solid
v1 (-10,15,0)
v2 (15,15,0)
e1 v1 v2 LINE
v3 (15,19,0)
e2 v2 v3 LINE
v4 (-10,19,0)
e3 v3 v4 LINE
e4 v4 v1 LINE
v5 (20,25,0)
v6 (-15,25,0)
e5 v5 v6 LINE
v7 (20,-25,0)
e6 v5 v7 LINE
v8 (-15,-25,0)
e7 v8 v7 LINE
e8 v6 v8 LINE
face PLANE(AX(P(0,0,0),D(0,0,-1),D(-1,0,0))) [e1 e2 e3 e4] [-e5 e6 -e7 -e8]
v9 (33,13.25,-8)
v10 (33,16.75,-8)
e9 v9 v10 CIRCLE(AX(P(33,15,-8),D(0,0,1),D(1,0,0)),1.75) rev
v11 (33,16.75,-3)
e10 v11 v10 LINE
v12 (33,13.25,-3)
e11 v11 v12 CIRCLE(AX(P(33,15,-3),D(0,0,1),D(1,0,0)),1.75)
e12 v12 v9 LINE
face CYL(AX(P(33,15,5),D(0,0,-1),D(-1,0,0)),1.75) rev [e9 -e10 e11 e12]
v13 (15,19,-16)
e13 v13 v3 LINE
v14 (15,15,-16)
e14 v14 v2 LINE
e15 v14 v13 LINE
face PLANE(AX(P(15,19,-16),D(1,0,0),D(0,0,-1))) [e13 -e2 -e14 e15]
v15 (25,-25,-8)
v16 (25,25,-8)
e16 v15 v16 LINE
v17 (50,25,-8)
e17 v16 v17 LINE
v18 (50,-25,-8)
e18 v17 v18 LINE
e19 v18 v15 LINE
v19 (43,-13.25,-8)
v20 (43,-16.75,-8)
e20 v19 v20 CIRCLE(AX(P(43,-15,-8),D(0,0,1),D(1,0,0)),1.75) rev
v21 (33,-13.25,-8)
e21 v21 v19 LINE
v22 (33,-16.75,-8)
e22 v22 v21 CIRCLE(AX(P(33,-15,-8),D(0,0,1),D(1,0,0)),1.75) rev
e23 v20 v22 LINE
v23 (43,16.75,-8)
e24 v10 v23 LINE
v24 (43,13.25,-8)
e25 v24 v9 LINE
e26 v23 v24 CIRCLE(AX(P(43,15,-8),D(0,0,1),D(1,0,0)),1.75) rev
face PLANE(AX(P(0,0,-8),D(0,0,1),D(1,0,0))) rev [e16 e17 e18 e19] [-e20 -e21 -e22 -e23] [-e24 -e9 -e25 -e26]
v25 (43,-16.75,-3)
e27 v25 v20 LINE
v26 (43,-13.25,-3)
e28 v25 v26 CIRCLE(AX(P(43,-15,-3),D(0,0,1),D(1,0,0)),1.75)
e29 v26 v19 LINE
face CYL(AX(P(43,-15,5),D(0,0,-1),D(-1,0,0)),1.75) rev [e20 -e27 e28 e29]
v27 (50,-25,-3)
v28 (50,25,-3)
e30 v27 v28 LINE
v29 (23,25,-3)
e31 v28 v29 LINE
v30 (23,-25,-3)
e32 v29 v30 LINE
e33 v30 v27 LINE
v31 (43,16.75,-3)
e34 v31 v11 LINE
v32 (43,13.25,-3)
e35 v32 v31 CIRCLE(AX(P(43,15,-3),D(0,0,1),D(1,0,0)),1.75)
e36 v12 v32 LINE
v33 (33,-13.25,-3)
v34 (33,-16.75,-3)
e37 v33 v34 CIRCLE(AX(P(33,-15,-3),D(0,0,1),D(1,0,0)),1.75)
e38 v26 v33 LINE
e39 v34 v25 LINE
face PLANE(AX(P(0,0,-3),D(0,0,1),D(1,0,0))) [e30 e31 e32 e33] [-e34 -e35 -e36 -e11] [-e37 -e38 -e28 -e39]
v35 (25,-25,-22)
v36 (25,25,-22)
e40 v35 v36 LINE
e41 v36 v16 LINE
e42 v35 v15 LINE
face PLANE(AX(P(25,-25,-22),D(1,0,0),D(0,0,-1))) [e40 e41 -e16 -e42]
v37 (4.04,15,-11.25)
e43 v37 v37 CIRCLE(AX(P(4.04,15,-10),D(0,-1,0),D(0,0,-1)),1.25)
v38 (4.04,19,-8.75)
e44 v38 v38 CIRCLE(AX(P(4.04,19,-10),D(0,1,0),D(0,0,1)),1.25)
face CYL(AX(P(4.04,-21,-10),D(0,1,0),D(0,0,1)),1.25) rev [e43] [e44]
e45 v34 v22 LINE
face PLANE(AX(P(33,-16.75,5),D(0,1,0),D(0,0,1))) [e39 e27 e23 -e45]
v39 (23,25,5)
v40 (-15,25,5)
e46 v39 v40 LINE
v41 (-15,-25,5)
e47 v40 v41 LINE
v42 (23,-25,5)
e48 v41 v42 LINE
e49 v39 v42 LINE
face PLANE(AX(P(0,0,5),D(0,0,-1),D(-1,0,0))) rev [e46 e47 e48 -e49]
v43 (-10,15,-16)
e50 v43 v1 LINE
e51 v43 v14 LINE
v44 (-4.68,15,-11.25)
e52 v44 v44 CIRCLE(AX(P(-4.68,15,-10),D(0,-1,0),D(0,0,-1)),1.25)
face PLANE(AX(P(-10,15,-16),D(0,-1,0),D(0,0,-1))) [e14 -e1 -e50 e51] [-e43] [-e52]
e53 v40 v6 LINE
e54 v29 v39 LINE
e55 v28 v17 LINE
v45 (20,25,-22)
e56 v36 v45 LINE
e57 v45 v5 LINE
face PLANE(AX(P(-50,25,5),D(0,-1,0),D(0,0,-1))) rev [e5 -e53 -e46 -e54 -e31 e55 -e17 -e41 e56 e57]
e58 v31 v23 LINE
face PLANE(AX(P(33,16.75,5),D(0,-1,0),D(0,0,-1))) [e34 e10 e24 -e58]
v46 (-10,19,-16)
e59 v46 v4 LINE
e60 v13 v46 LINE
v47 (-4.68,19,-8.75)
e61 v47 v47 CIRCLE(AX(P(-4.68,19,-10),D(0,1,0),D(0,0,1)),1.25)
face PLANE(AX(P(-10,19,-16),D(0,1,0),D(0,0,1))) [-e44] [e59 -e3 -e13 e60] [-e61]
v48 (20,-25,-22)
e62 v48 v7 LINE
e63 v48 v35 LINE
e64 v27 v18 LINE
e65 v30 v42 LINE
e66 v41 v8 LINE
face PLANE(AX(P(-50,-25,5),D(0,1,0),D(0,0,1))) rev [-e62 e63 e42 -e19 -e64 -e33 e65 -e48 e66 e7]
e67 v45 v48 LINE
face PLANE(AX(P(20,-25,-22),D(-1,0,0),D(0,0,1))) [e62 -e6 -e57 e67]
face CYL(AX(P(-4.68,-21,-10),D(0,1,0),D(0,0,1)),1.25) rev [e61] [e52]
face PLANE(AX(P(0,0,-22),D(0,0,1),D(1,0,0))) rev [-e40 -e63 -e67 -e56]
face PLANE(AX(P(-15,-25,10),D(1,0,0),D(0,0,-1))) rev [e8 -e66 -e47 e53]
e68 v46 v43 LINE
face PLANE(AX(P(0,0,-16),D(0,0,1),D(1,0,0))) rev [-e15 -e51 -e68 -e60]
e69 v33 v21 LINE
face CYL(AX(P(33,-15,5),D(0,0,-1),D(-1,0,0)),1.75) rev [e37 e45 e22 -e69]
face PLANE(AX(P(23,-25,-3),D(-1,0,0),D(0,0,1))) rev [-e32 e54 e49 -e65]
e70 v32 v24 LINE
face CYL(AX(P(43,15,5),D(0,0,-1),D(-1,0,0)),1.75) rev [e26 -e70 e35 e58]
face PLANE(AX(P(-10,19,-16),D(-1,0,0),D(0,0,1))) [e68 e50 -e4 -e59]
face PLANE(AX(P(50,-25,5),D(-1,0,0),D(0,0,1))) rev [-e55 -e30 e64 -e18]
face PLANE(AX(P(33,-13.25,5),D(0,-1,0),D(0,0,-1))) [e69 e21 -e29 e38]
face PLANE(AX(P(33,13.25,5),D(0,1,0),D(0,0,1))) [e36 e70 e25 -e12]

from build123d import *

# Parameters (mm, degrees)
SKETCH1_W                       = 100
SKETCH1_H                       = 50
BOSS_EXTRUDE1_DEPTH             = 5
SKETCH2_W                       = 5
SKETCH2_H                       = 50
BOSS_EXTRUDE2_DEPTH             = 22
SKETCH5_W                       = 25
SKETCH5_H                       = 4
BOSS_EXTRUDE3_DEPTH             = 16
SKETCH6_R                       = 1.25
HOLES_TO_FIX_LEVEL_SWITCH_DEPTH = 40
SKETCH10_W                      = 25
SKETCH10_H                      = 50
BOSS_EXTRUDE4_DEPTH             = 8
CUT_EXTRUDE2_DEPTH              = 61.074953184
CUT_EXTRUDE2_DEPTH_BACK         = 61.074953184
SKETCH9_W                       = 35
SKETCH9_H                       = 50
CUT_EXTRUDE3_DEPTH              = 10
SKETCH11_W                      = 27
SKETCH11_H                      = 50
CUT_EXTRUDE4_DEPTH              = 8


with BuildPart() as part:
    # Sketch1 → Boss-Extrude1 (new body)
    with BuildSketch(Plane.XY):
        Rectangle(SKETCH1_W, SKETCH1_H)
    extrude(amount=BOSS_EXTRUDE1_DEPTH)

    # Sketch2 → Boss-Extrude2 (add)
    with BuildSketch(Plane.XY):
        with Locations((22.5, 0)):
            Rectangle(SKETCH2_W, SKETCH2_H)
    extrude(amount=-BOSS_EXTRUDE2_DEPTH)

    # Sketch5 → Boss-Extrude3 (add)
    with BuildSketch(Plane.XY):
        with Locations((2.5, 17)):
            Rectangle(SKETCH5_W, SKETCH5_H)
    extrude(amount=-BOSS_EXTRUDE3_DEPTH)

    # Sketch6 → Holes-to-fix-level-switch (cut)
    with BuildSketch(Plane(origin=(0, 19, 0), x_dir=(1, 0, 0), z_dir=(0, 1, 0))):
        with Locations(Location((-4.68, 10, 0), (0, 0, 270))):
            Circle(SKETCH6_R)
        with Locations(Location((4.04, 10, 0), (0, 0, 270))):
            Circle(SKETCH6_R)
    extrude(amount=-HOLES_TO_FIX_LEVEL_SWITCH_DEPTH, mode=Mode.SUBTRACT)

    # Sketch10 → Boss-Extrude4 (add)
    with BuildSketch(Plane(origin=(0, 0, 0), x_dir=(-1, 0, 0), z_dir=(0, 0, -1))):
        with Locations((-37.5, 0)):
            Rectangle(SKETCH10_W, SKETCH10_H)
    extrude(amount=BOSS_EXTRUDE4_DEPTH)

    # Sketch8 → Cut-Extrude2 (cut, two sides: drawn at the far end of the back side and taken through both)
    with BuildSketch(Plane.XY.offset(-CUT_EXTRUDE2_DEPTH_BACK)):
        with BuildLine():
            Line((33, 16.75), (43, 16.75))
            ThreePointArc((43, 16.75), (44.75, 15), (43, 13.25))
            Line((43, 13.25), (33, 13.25))
            ThreePointArc((33, 13.25), (31.25, 15), (33, 16.75))
        make_face()
        with BuildLine():
            Line((33, -13.25), (43, -13.25))
            ThreePointArc((43, -13.25), (44.75, -15), (43, -16.75))
            Line((43, -16.75), (33, -16.75))
            ThreePointArc((33, -16.75), (31.25, -15), (33, -13.25))
        make_face()
    extrude(amount=CUT_EXTRUDE2_DEPTH + CUT_EXTRUDE2_DEPTH_BACK, mode=Mode.SUBTRACT)

    # Sketch9 → Cut-Extrude3 (cut)
    with BuildSketch(Plane(origin=(0, 0, 0), x_dir=(-1, 0, 0), z_dir=(0, 0, -1))):
        with Locations((32.5, 0)):
            Rectangle(SKETCH9_W, SKETCH9_H)
    extrude(amount=-CUT_EXTRUDE3_DEPTH, mode=Mode.SUBTRACT)

    # Sketch11 → Cut-Extrude4 (cut)
    with BuildSketch(Plane.XY.offset(5)):
        with Locations((36.5, 0)):
            Rectangle(SKETCH11_W, SKETCH11_H)
    extrude(amount=-CUT_EXTRUDE4_DEPTH, mode=Mode.SUBTRACT)


solid = part.part
